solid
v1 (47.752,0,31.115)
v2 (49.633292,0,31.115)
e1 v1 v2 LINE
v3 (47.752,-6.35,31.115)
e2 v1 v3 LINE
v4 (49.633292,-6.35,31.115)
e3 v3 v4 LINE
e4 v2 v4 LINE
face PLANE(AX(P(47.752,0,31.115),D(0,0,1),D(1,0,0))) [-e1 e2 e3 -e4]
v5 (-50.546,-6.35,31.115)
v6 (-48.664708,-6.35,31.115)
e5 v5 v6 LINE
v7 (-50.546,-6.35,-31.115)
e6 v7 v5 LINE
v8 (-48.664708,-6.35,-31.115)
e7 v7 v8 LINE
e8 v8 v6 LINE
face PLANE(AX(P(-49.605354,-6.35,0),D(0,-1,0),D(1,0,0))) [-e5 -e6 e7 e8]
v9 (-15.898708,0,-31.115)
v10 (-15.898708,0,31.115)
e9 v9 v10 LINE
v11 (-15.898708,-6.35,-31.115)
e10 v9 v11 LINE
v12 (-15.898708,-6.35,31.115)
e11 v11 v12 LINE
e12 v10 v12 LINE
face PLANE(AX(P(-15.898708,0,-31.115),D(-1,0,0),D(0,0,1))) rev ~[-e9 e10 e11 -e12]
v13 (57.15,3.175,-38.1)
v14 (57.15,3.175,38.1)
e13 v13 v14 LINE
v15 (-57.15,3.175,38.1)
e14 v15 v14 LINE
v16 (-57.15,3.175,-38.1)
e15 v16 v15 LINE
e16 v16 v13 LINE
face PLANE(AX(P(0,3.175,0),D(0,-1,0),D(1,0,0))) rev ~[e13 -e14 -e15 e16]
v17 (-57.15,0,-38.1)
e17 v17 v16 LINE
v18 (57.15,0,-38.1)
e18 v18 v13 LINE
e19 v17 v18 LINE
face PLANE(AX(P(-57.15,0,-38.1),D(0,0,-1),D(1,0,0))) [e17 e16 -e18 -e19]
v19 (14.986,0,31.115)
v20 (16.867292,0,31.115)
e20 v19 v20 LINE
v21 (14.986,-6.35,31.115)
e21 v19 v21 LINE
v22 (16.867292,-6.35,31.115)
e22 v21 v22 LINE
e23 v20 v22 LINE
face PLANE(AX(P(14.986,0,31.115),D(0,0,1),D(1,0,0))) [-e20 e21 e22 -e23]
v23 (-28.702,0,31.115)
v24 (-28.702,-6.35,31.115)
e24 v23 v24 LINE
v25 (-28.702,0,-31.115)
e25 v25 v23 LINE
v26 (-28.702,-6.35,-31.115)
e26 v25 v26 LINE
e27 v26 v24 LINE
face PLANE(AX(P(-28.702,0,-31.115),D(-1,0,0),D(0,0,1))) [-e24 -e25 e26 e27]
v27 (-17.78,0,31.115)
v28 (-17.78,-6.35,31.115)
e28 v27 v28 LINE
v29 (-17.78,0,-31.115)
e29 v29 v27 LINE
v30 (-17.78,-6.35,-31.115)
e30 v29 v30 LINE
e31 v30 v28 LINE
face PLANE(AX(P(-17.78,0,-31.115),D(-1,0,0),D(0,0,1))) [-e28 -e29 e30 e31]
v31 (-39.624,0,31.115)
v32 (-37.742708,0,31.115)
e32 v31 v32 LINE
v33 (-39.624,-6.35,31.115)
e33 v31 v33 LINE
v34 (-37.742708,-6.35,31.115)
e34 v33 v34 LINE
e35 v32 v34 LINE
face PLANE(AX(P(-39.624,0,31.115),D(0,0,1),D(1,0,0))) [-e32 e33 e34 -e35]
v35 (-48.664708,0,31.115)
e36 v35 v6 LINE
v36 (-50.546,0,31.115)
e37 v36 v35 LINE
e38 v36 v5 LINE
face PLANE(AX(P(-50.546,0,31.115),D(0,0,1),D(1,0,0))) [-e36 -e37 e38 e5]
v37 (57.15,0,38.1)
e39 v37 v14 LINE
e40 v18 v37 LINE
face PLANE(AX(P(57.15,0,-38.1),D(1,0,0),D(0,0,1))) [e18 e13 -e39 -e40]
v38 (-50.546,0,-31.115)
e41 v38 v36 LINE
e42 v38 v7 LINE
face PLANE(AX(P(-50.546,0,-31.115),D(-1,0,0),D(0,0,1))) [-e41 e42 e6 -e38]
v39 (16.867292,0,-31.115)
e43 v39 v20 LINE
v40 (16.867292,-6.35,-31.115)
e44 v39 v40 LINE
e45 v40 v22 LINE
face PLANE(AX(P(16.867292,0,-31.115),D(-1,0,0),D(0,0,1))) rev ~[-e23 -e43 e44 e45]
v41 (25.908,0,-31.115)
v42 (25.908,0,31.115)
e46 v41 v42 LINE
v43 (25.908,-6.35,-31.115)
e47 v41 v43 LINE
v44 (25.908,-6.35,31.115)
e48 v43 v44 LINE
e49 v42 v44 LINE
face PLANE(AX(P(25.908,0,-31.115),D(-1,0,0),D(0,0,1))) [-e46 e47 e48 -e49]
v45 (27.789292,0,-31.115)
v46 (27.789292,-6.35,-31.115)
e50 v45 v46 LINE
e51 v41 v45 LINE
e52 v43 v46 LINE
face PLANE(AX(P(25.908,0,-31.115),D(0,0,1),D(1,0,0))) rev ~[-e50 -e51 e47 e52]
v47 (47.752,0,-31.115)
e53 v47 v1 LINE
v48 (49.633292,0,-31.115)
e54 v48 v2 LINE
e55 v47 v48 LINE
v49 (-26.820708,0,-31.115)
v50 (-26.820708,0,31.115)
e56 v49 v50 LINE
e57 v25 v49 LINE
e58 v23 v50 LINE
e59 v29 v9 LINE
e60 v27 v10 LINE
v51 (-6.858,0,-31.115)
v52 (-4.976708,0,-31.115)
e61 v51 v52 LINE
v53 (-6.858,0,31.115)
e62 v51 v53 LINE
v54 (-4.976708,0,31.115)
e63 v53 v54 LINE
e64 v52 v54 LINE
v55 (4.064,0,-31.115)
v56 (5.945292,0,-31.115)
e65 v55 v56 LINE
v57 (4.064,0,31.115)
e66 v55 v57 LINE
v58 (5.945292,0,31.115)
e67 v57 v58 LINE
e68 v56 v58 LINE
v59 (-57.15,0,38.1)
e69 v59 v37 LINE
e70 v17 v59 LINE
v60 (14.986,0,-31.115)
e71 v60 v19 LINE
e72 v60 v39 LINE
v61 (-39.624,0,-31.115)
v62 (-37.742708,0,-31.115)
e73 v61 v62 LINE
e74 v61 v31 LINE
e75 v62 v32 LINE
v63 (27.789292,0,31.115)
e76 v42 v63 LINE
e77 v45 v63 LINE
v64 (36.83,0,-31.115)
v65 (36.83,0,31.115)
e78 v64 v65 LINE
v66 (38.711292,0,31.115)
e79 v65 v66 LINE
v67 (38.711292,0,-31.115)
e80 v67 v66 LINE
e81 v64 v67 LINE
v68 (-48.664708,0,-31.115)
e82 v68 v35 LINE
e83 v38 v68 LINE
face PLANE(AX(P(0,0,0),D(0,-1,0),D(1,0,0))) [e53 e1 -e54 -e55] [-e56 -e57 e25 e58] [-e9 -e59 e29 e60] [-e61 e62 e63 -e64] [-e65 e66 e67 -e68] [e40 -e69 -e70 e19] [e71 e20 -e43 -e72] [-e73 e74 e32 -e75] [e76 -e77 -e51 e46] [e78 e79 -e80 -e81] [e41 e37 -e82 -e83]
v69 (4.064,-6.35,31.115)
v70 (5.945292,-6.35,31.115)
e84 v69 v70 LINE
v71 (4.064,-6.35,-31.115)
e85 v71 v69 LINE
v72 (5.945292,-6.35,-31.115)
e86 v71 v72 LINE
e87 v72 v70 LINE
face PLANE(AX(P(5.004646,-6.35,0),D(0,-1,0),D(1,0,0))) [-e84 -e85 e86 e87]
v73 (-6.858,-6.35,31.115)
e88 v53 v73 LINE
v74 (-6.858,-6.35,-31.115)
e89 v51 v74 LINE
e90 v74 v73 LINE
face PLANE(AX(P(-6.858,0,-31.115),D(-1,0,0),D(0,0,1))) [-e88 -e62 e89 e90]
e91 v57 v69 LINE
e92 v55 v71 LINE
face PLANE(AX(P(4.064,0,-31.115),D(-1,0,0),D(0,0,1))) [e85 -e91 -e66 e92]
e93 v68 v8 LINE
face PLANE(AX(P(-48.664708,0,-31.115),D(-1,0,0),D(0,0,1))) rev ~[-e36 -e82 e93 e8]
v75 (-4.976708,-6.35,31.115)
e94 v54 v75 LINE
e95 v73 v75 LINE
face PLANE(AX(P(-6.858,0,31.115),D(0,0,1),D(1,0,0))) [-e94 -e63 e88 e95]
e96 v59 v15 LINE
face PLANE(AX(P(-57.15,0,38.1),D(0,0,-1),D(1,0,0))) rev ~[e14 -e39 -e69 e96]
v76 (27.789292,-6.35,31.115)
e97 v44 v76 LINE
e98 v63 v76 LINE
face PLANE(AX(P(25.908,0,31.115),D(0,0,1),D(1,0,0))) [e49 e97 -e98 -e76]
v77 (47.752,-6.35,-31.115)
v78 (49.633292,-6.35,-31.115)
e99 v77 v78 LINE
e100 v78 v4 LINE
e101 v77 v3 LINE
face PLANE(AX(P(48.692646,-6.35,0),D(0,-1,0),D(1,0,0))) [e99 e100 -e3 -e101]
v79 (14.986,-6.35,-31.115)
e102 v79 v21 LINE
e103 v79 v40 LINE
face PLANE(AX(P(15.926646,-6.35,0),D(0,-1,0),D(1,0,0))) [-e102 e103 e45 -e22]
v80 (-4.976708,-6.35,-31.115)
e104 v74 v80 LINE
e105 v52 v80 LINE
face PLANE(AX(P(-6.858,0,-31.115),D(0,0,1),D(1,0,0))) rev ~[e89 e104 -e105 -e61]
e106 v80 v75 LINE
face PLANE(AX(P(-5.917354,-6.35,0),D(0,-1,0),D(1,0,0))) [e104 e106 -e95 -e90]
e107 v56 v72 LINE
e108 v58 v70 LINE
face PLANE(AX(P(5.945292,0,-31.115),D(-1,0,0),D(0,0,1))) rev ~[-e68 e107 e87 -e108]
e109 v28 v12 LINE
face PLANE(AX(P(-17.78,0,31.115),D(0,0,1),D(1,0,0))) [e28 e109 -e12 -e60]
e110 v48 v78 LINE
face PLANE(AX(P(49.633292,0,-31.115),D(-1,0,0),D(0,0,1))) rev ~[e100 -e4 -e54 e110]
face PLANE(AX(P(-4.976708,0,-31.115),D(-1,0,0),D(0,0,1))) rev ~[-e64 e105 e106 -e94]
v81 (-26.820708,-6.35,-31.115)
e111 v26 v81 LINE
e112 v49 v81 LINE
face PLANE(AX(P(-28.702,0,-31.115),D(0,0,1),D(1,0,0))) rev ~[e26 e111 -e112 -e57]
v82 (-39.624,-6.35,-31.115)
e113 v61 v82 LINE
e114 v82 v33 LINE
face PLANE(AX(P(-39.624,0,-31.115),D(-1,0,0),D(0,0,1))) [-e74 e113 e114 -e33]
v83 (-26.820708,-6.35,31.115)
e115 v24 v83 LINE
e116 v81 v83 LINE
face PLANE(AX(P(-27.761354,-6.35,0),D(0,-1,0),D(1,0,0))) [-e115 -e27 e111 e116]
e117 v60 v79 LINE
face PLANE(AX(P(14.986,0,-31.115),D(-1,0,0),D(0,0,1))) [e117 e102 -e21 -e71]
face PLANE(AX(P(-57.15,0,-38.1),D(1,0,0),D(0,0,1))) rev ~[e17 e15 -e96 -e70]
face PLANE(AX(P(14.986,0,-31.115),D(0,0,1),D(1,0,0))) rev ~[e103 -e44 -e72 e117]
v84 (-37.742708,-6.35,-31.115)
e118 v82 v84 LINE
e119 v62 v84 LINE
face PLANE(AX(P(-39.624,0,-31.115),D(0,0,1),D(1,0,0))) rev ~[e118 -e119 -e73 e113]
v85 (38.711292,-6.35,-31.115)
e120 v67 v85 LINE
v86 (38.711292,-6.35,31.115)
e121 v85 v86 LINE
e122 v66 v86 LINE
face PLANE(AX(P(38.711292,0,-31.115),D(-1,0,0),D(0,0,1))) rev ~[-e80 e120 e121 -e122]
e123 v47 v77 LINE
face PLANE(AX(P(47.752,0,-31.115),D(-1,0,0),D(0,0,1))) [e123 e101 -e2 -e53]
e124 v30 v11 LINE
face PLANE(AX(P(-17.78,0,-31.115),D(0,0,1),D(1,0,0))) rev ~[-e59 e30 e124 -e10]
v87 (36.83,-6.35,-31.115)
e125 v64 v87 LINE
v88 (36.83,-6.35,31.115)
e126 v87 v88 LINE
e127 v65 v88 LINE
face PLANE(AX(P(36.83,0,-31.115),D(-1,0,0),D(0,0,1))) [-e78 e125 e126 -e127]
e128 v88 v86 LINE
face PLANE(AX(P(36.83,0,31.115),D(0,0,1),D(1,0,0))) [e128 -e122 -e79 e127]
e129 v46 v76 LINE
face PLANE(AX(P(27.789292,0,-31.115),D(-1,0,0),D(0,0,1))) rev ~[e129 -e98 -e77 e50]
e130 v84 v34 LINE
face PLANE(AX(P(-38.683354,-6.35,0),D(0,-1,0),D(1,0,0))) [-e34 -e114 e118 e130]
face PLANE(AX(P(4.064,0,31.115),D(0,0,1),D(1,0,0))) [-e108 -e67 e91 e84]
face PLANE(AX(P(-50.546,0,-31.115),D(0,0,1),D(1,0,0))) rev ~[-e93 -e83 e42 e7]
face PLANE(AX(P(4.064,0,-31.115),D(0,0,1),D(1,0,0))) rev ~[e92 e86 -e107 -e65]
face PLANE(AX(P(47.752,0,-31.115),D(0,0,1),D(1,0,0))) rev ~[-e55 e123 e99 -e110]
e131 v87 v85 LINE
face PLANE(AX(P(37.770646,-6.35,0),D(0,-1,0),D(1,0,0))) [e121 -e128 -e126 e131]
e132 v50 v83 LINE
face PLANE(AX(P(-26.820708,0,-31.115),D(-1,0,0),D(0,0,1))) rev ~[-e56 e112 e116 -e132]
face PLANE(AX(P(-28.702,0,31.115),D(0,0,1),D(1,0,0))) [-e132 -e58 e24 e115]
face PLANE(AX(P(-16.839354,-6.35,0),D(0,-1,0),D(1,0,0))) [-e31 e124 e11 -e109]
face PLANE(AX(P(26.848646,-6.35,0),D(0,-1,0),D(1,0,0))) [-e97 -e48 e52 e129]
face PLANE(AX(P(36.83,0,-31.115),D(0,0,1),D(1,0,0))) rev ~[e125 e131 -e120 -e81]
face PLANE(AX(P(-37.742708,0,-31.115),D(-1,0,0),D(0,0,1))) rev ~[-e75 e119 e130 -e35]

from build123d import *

# Parameters (mm, degrees)
F0_W     = 114.3
F0_H     = 76.2
F1_DEPTH = 3.175
F2_W     = 1.881292
F2_H     = 62.23
F3_DEPTH = 6.35


with BuildPart() as f1:
    # F0 (on Front) → F1 (new body)
    with BuildSketch(Plane.XZ):
        Rectangle(F0_W, F0_H)
    extrude(amount=-F1_DEPTH)

    # F2 (on face) → F3 (join)
    with BuildSketch(Plane.XZ):
        with Locations((-49.605354, 0)):
            Rectangle(F2_W, F2_H)
        with Locations((-38.683354, 0)):
            Rectangle(F2_W, F2_H)
        with Locations((-27.761354, 0)):
            Rectangle(F2_W, F2_H)
        with Locations((-16.839354, 0)):
            Rectangle(F2_W, F2_H)
        with Locations((-5.917354, 0)):
            Rectangle(F2_W, F2_H)
        with Locations((5.004646, 0)):
            Rectangle(F2_W, F2_H)
        with Locations((15.926646, 0)):
            Rectangle(F2_W, F2_H)
        with Locations((26.848646, 0)):
            Rectangle(F2_W, F2_H)
        with Locations((37.770646, 0)):
            Rectangle(F2_W, F2_H)
        with Locations((48.692646, 0)):
            Rectangle(F2_W, F2_H)
    extrude(amount=F3_DEPTH)


solid = f1.part
